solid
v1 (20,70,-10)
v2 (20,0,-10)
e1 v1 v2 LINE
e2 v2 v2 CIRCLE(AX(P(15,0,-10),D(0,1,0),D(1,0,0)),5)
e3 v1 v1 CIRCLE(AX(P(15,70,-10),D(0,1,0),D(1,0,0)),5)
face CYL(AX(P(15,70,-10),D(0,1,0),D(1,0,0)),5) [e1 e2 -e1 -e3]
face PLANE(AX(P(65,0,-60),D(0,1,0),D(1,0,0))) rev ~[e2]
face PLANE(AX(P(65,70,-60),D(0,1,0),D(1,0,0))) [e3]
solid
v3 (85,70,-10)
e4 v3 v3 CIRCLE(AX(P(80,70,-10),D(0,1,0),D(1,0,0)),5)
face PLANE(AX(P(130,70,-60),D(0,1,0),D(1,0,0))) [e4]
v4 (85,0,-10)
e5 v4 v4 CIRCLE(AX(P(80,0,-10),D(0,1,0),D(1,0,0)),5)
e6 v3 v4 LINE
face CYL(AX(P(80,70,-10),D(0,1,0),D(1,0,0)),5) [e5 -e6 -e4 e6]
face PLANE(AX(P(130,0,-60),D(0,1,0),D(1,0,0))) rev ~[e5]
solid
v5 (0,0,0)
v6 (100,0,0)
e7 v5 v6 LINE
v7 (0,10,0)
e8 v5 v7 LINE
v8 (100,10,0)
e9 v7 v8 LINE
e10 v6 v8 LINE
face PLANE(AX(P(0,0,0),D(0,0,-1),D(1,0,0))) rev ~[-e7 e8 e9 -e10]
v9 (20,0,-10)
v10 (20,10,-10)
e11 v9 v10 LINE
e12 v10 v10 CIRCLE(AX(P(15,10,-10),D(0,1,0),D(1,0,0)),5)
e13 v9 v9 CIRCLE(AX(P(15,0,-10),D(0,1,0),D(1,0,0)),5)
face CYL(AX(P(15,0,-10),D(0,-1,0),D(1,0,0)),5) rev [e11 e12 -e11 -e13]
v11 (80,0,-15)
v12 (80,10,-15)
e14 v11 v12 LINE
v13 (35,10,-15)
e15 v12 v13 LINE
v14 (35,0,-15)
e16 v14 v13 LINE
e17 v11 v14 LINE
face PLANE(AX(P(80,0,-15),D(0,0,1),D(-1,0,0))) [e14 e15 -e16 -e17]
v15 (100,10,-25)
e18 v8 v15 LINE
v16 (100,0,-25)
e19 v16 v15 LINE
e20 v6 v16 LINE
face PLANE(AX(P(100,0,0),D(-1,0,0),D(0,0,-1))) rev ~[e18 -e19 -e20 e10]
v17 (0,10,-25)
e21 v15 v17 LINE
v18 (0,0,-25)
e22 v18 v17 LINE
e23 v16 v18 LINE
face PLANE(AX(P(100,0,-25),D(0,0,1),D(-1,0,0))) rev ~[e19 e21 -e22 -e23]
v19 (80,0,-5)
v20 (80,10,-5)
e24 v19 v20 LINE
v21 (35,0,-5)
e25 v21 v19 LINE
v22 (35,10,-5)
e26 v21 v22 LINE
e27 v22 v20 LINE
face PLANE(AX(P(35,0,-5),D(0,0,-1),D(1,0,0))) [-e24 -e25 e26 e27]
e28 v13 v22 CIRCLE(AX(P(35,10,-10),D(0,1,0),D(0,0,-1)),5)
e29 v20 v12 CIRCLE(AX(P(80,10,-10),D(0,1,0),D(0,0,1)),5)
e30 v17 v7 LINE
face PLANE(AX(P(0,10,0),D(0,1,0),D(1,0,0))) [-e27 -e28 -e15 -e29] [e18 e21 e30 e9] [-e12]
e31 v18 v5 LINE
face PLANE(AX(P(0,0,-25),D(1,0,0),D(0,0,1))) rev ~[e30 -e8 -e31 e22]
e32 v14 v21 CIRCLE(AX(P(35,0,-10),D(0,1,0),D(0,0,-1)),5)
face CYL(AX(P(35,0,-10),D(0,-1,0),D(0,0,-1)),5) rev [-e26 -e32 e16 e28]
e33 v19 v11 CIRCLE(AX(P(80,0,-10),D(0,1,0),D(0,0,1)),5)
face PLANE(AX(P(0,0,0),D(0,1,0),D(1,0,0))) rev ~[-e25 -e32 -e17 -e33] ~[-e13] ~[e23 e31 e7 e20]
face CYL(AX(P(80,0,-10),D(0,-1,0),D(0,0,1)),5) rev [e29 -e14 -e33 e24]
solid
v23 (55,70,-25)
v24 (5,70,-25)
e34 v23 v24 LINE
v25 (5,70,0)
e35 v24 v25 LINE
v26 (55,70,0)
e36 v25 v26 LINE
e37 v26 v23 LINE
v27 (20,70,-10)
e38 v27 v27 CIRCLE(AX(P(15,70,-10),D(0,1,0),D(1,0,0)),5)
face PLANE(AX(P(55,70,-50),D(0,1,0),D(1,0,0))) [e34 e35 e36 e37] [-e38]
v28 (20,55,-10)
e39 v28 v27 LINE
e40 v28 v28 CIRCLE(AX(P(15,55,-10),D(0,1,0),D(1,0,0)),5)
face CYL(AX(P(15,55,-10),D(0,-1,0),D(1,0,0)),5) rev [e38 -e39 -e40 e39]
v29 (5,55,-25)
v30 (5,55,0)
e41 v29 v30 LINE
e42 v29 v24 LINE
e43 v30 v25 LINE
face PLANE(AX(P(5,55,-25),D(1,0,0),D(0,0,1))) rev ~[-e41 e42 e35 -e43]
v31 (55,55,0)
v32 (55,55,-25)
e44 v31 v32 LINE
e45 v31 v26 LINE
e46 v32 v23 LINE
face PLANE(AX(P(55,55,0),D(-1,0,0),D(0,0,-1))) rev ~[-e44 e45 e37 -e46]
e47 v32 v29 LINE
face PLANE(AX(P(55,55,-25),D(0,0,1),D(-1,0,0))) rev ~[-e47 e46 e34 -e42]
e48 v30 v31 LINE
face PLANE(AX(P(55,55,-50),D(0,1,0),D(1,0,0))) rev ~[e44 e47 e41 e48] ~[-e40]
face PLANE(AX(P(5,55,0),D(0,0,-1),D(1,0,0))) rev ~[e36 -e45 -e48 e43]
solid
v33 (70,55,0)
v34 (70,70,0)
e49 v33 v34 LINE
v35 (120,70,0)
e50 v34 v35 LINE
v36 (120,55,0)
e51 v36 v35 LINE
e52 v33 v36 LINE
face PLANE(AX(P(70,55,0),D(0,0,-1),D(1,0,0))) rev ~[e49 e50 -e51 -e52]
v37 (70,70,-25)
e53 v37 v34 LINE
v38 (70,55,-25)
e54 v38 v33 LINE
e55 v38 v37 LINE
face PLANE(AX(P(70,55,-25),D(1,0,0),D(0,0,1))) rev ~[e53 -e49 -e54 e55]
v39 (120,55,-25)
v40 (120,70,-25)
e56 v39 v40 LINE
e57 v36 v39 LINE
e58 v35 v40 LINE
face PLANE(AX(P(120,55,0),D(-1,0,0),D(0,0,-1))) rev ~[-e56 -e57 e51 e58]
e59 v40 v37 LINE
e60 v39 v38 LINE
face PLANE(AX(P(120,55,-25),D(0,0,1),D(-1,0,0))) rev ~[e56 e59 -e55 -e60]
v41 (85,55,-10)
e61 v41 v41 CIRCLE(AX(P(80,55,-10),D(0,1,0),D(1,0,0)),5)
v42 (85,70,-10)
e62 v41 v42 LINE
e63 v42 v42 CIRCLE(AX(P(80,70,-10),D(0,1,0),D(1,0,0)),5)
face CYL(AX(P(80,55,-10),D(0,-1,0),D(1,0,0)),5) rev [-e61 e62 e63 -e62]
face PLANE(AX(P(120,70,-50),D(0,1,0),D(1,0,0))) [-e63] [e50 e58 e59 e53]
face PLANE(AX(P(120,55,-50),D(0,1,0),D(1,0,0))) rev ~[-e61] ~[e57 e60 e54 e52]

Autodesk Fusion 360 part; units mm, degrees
sketch "Sketch2" plane through (0, 0, 0) normal (0, 1, 0) x (1, 0, 0) in component "bar"
  line L0 (0, 0) -> (100, 0)
  line L1 (100, 0) -> (100, 25)
  line L2 (100, 25) -> (0, 25)
  line L3 (0, 25) -> (0, 0)
  circle A0 centre (15, 10) radius 5
  line L4 (35, 5) -> (80, 5)
  arc A1 (80, 5) -> (80, 15) centre (80, 10) ccw
  line L5 (80, 15) -> (35, 15)
  arc A2 (35, 15) -> (35, 5) centre (35, 10) ccw
  line L6 (35, 10) -> (80, 10) construction
  dimension "d9" = 0
  dimension "d10" = 0
  dimension "d11" = 0
  dimension "d12" = 0
extrude "Extrude1" add sketch "Sketch2" along normal blind 10 makes body 1 in component "bar"
sketch "Sketch1" plane through (0, 0, 0) normal (0, 1, 0) x (1, 0, 0) in component "rod"
  circle A0 centre (-50, -50) radius 5
  dimension "d5" = 0
  dimension "d6" = 0
  dimension "d7" = 0
  dimension "d8" = 0
  dimension "d43" = 0
  dimension "d44" = 0
  dimension "d45" = 0
  dimension "d46" = 0
extrude "Extrude1'" add sketch "Sketch1" against normal blind 70 separate body makes body 2 in component "rod"
sketch "Sketch1 (2)" plane through (0, 0, 0) normal (0, 1, 0) x (1, 0, 0) in component "truck"
  line L0 (-50, -50) -> (0, -50)
  line L1 (0, -50) -> (0, -25)
  line L2 (0, -25) -> (-50, -25)
  line L3 (-50, -25) -> (-50, -50)
  circle A0 centre (-40, -40) radius 5
  dimension "d39" = 0
  dimension "d40" = 0
  dimension "d41" = 0
  dimension "d42" = 0
extrude "Extrude1''" add sketch "Sketch1 (2)" along normal blind 15 separate body makes body 3 in component "truck"
component "bar" placed x (1, 0, 0) y (0, 1, 0) z (0, 0, 1) at (0, 0, 0)
component "rod" placed x (1, 0, 0) y (0, 1, 0) z (0, 0, 1) at (65, 70, -60)
component "rod" placed x (1, 0, 0) y (0, 1, 0) z (0, 0, 1) at (130, 70, -60)
component "truck" placed x (1, 0, 0) y (0, 1, 0) z (0, 0, 1) at (55, 55, -50)
component "truck" placed x (1, 0, 0) y (0, 1, 0) z (0, 0, 1) at (120, 55, -50)
